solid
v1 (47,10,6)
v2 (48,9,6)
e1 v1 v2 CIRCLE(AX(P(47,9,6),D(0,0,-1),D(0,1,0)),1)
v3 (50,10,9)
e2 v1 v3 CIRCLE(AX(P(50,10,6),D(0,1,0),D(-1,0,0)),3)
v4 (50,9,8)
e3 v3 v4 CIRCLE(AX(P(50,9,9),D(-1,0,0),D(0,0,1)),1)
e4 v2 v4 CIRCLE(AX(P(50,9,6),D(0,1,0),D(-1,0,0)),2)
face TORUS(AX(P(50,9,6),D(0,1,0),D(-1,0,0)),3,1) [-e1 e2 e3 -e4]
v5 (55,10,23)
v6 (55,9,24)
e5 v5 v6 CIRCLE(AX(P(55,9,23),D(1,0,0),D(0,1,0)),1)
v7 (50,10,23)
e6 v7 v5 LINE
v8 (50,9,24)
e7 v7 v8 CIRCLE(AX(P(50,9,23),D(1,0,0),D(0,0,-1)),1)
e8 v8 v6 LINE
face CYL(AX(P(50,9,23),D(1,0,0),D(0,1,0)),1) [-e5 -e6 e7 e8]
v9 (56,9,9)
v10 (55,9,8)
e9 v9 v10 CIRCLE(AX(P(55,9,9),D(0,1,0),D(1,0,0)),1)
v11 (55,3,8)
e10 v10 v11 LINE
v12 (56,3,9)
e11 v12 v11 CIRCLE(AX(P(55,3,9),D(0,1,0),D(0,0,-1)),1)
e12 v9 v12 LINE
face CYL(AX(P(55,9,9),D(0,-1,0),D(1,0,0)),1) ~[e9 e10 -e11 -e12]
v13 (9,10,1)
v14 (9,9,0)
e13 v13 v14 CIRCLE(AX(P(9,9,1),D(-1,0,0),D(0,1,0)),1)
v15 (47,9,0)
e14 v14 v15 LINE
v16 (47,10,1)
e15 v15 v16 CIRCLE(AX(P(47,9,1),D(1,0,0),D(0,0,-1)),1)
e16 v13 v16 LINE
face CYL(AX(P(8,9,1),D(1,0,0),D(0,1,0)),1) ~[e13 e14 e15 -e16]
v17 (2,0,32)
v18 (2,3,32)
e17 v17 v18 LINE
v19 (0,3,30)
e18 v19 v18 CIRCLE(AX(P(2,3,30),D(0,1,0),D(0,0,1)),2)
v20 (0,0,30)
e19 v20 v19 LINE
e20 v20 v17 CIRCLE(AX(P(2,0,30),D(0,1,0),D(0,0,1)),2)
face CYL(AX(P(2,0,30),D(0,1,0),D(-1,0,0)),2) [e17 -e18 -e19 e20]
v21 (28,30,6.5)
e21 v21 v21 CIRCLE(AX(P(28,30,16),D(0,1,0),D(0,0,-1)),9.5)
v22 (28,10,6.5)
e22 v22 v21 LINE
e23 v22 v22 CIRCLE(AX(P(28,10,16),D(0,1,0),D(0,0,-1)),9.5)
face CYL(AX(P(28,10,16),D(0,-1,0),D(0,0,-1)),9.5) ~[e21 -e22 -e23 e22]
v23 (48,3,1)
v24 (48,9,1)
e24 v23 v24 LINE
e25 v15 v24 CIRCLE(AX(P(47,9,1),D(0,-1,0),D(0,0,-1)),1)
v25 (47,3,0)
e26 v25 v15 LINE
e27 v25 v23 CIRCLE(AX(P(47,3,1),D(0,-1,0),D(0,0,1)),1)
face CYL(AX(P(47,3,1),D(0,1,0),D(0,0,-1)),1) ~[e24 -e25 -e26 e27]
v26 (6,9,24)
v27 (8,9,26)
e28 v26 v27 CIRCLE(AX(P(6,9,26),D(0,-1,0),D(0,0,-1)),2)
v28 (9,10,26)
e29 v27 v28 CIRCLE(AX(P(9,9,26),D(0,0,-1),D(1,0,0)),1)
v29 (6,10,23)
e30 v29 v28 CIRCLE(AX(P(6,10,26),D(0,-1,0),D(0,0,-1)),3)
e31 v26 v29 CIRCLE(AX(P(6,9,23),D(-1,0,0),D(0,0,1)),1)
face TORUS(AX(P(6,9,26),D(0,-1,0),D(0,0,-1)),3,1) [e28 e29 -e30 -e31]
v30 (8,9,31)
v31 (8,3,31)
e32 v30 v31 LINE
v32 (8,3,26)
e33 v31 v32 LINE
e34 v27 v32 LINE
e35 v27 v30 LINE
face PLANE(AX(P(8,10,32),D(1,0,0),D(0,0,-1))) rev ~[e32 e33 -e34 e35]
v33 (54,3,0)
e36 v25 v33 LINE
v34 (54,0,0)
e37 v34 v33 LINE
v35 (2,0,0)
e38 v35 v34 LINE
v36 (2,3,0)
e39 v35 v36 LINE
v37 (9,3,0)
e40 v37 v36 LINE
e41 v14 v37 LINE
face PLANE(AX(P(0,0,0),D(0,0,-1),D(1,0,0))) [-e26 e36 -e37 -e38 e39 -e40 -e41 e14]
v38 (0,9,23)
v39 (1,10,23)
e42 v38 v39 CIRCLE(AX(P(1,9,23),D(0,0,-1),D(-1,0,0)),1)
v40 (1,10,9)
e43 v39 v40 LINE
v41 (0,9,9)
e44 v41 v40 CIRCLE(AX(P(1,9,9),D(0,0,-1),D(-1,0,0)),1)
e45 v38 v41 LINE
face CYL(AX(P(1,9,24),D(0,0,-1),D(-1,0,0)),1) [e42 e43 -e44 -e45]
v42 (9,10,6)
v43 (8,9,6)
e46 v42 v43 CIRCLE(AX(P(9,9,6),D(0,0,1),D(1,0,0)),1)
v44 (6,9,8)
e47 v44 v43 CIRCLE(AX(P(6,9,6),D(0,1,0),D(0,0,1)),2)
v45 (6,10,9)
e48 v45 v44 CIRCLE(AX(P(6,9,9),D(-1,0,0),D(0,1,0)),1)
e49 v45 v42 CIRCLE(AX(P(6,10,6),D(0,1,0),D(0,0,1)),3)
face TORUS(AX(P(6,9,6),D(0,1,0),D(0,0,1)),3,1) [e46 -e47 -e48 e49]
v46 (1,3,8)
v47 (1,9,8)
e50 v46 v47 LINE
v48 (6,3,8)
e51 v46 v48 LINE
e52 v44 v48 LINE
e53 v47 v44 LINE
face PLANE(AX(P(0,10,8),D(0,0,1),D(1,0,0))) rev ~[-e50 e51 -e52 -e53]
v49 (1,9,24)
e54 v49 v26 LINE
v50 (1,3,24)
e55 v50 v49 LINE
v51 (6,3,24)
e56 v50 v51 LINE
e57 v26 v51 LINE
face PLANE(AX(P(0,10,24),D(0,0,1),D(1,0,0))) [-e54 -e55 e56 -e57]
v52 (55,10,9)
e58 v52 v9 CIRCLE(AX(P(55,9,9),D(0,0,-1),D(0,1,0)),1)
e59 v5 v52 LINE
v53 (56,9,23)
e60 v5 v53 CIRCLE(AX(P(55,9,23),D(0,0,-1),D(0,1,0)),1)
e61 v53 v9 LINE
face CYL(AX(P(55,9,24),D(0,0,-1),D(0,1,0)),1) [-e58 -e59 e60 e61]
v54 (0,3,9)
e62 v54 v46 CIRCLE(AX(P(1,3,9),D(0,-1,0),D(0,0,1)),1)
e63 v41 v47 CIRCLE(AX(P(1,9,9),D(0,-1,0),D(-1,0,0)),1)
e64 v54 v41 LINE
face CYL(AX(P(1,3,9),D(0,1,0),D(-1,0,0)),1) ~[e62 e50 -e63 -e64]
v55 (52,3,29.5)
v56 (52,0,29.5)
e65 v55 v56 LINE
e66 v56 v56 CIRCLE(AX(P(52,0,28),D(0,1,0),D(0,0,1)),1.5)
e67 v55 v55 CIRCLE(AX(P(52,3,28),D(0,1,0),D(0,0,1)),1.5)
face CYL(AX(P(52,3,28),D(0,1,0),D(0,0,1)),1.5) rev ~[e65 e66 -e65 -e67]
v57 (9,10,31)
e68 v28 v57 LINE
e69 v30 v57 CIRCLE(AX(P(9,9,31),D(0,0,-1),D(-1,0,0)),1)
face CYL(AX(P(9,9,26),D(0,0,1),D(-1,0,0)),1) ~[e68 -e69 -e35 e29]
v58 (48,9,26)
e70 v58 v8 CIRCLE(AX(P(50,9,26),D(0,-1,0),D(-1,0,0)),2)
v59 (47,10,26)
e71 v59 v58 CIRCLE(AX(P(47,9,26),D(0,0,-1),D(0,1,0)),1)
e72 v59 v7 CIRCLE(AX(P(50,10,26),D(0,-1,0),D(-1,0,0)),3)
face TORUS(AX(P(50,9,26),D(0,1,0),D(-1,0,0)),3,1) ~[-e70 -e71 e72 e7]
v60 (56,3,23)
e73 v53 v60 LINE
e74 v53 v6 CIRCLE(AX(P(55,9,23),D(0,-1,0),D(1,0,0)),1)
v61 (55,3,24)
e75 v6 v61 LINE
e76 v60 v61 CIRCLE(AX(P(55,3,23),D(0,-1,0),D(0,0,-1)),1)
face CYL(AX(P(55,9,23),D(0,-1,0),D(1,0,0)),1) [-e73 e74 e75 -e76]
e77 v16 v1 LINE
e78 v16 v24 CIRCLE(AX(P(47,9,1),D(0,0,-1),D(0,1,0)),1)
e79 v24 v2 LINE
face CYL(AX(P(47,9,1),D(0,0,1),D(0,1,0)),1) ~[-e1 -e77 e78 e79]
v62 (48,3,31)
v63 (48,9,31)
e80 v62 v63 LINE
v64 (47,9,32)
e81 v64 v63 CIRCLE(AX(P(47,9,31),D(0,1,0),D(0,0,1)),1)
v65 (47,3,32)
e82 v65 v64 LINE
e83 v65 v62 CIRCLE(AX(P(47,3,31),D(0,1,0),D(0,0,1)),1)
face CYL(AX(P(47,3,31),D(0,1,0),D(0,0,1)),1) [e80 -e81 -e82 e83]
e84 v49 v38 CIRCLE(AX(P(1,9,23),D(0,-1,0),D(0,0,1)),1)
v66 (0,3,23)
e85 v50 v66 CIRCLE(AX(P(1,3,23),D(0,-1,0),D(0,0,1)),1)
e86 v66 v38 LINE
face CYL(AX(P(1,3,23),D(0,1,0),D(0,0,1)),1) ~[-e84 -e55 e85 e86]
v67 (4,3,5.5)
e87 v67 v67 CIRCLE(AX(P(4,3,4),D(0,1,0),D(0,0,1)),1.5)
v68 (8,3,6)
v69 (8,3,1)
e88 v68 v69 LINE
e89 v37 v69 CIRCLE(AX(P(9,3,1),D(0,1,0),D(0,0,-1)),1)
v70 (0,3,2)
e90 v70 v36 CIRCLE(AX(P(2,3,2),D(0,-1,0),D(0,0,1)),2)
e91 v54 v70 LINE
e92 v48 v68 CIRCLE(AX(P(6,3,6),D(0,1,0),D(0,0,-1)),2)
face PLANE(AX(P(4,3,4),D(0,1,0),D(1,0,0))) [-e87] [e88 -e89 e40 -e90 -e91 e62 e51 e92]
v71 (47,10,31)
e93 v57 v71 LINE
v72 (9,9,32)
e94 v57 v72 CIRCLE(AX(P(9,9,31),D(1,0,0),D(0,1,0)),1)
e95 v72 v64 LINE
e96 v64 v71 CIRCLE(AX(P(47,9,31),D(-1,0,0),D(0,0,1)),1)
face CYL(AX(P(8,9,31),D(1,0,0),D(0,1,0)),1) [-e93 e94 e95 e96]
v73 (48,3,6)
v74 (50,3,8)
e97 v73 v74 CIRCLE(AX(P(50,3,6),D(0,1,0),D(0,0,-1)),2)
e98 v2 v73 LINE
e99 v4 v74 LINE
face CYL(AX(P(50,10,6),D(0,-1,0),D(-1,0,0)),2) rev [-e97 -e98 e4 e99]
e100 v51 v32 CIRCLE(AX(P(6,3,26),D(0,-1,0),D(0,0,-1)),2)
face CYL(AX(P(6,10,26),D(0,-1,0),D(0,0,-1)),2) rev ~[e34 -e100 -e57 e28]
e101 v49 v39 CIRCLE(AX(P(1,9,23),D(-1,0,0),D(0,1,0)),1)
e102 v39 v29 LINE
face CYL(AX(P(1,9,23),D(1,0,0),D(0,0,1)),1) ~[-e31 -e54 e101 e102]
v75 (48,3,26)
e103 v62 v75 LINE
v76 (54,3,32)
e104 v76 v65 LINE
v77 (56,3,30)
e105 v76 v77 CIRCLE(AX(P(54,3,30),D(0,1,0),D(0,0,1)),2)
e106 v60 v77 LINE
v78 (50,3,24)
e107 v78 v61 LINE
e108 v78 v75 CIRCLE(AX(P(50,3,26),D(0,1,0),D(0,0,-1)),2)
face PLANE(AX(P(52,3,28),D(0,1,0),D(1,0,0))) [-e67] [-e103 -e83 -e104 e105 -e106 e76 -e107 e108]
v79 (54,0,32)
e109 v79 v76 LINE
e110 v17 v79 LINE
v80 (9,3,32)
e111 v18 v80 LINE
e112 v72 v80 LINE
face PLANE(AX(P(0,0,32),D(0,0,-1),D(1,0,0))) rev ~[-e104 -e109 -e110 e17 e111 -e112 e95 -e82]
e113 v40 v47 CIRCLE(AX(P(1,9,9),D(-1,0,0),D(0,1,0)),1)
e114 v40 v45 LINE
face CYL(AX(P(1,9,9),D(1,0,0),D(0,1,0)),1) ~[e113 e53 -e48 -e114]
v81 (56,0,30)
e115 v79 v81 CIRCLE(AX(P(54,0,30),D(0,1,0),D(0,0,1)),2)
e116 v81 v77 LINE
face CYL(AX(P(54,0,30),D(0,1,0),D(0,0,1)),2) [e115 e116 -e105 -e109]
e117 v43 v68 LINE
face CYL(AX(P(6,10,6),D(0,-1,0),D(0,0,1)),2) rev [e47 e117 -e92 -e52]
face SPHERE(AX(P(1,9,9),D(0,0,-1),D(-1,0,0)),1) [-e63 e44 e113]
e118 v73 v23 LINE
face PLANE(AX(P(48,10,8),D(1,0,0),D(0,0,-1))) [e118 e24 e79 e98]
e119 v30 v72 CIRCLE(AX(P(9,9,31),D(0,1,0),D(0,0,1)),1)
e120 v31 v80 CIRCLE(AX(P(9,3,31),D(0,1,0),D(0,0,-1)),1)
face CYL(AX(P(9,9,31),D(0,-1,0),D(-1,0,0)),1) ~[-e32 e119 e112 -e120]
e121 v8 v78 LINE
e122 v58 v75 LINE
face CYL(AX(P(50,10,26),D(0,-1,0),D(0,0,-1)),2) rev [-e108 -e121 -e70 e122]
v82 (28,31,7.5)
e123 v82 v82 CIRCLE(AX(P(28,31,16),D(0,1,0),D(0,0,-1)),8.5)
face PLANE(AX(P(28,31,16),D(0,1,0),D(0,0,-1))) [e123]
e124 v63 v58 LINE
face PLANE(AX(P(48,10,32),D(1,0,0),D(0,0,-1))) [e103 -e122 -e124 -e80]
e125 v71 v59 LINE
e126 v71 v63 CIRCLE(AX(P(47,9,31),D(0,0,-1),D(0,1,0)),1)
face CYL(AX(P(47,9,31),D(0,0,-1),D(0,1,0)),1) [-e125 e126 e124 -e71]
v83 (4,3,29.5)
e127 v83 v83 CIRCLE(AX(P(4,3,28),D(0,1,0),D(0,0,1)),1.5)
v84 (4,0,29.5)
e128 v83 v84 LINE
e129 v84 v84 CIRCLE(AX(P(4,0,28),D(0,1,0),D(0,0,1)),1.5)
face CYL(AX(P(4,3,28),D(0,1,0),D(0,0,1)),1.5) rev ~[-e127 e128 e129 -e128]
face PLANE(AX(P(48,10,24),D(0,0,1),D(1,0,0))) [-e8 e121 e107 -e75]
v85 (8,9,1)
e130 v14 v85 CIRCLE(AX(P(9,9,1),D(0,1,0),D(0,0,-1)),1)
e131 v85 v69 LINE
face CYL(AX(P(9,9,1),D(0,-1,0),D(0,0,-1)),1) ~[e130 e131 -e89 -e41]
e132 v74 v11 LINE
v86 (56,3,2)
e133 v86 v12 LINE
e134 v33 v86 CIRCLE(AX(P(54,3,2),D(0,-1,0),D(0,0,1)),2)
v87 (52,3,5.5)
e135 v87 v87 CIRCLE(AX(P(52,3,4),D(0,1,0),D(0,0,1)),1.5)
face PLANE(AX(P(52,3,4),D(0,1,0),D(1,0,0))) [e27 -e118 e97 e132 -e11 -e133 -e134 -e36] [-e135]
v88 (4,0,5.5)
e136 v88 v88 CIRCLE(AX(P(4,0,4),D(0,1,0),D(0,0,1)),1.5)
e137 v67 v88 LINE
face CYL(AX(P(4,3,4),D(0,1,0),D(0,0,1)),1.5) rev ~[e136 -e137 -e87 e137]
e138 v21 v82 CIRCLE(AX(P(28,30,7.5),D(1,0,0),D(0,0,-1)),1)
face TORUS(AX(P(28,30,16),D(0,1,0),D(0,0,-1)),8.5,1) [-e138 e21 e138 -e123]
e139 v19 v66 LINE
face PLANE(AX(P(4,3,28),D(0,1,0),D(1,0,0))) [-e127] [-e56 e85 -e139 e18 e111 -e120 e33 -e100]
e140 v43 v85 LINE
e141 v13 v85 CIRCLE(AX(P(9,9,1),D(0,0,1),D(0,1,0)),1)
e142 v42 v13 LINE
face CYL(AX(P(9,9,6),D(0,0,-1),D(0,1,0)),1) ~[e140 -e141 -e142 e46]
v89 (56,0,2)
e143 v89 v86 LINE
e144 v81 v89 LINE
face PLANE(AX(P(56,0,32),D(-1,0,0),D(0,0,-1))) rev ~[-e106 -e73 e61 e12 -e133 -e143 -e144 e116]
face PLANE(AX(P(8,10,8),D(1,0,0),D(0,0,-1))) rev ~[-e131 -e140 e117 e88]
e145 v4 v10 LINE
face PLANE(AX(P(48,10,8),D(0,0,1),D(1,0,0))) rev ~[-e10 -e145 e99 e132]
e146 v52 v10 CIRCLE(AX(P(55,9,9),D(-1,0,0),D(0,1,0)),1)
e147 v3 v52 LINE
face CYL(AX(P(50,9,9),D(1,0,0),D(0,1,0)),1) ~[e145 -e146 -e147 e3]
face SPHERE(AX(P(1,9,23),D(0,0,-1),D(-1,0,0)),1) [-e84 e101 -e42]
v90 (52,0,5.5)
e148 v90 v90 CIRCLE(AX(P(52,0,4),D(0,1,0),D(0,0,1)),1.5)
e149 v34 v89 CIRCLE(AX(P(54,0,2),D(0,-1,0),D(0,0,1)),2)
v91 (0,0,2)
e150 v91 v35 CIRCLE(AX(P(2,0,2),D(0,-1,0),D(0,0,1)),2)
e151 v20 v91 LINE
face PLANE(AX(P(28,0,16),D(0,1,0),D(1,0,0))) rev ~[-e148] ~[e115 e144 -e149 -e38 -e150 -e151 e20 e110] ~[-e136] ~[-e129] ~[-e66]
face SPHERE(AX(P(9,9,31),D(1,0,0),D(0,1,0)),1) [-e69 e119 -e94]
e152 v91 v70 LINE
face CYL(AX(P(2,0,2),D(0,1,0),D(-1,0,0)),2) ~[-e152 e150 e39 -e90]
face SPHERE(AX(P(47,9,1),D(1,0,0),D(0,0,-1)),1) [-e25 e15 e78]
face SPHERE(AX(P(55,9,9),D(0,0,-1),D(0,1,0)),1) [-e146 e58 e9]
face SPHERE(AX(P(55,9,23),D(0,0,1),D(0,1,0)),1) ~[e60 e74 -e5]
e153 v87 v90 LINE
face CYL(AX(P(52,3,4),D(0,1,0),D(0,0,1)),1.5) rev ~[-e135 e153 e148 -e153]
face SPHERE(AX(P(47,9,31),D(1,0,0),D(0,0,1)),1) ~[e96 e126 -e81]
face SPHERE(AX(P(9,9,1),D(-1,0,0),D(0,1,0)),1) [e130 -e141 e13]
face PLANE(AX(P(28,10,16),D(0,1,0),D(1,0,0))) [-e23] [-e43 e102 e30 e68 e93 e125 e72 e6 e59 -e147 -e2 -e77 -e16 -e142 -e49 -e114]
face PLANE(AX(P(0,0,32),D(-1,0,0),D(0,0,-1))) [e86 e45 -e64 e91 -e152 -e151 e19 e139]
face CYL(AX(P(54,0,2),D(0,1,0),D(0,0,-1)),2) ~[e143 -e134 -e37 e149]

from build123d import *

# Parameters (mm, degrees)
CROQUIS1_W              = 56
CROQUIS1_H              = 32
SALIENTE_EXTRUIR1_DEPTH = 10
CROQUIS2_R              = 9.5
SALIENTE_EXTRUIR2_DEPTH = 21
CROQUIS3_W              = 8
CROQUIS3_H              = 8
CORTAR_EXTRUIR1_DEPTH   = 7
CROQUIS4_R              = 1.5
CORTAR_EXTRUIR2_DEPTH   = 71.313583325
REDONDEO1_R             = 2
REDONDEO2_R             = 1
REDONDEO3_R             = 1
REDONDEO4_R             = 1


with BuildPart() as part:
    # Croquis1 → Saliente-Extruir1 (new body)
    with BuildSketch(Plane(origin=(0, 0, 0), x_dir=(1, 0, 0), z_dir=(0, 1, 0))):
        with Locations((28, -16)):
            Rectangle(CROQUIS1_W, CROQUIS1_H)
    extrude(amount=SALIENTE_EXTRUIR1_DEPTH)

    # Croquis2 → Saliente-Extruir2 (add)
    with BuildSketch(Plane(origin=(0, 10, 0), x_dir=(1, 0, 0), z_dir=(0, 1, 0))):
        with Locations(Location((28, -16, 0), (0, 0, 90))):
            Circle(CROQUIS2_R)
    extrude(amount=SALIENTE_EXTRUIR2_DEPTH)

    # Croquis3 → Cortar-Extruir1 (cut)
    with BuildSketch(Plane(origin=(0, 10, 0), x_dir=(1, 0, 0), z_dir=(0, 1, 0))):
        with Locations((52, -28)):
            Rectangle(CROQUIS3_W, CROQUIS3_H)
        with Locations((52, -4)):
            Rectangle(CROQUIS3_W, CROQUIS3_H)
        with Locations((4, -4)):
            Rectangle(CROQUIS3_W, CROQUIS3_H)
        with Locations((4, -28)):
            Rectangle(CROQUIS3_W, CROQUIS3_H)
    extrude(amount=-CORTAR_EXTRUIR1_DEPTH, mode=Mode.SUBTRACT)

    # Croquis4 → Cortar-Extruir2 (cut, through all)
    with BuildSketch(Plane(origin=(0, 3, 0), x_dir=(1, 0, 0), z_dir=(0, 1, 0))):
        with Locations(Location((4, -4, 0), (0, 0, 270))):
            Circle(CROQUIS4_R)
        with Locations(Location((4, -28, 0), (0, 0, 270))):
            Circle(CROQUIS4_R)
        with Locations(Location((52, -28, 0), (0, 0, 270))):
            Circle(CROQUIS4_R)
        with Locations(Location((52, -4, 0), (0, 0, 270))):
            Circle(CROQUIS4_R)
    extrude(amount=-CORTAR_EXTRUIR2_DEPTH, mode=Mode.SUBTRACT)

    # Redondeo1
    redondeo1_edges = [part.edges().sort_by_distance(p)[0] for p in [
        (0, 1.5, 0),
        (56, 1.5, 0),
        (56, 1.5, 32),
        (0, 1.5, 32),
        (8, 6.5, 24),
        (8, 6.5, 8),
        (48, 6.5, 8),
        (48, 6.5, 24),
    ]]
    fillet(redondeo1_edges, radius=REDONDEO1_R)

    # Redondeo2
    redondeo2_edges = [part.edges().sort_by_distance(p)[0] for p in [
        (0, 10, 16),
        (28, 10, 32),
        (56, 10, 16),
        (28, 10, 0),
    ]]
    fillet(redondeo2_edges, radius=REDONDEO2_R)

    # Redondeo3
    redondeo3_edges = [part.edges().sort_by_distance(p)[0] for p in [
        (48, 10, 28.5),
        (8, 10, 3.5),
        (3.5, 10, 24),
        (48.585786438, 10, 7.414213562),
        (48.585786438, 10, 24.585786438),
        (7.414213562, 10, 7.414213562),
        (7.414213562, 10, 24.585786438),
        (8, 10, 28.5),
        (52.5, 10, 24),
        (48, 10, 3.5),
        (3.5, 10, 8),
        (0.292893219, 9.707106781, 24),
        (0.292893219, 9.707106781, 8),
        (8, 9.707106781, 0.292893219),
        (48, 9.707106781, 0.292893219),
        (55.707106781, 9.707106781, 8),
        (55.707106781, 9.707106781, 24),
        (48, 9.707106781, 31.707106781),
        (8, 9.707106781, 31.707106781),
        (8, 6, 32),
        (0, 6, 24),
        (0, 6, 8),
        (8, 6, 0),
        (48, 6, 0),
        (56, 6, 8),
        (48, 6, 32),
        (56, 6, 24),
        (52.5, 10, 8),
    ]]
    fillet(redondeo3_edges, radius=REDONDEO3_R)

    # Redondeo4
    redondeo4_edges = [part.edges().sort_by_distance(p)[0] for p in [
        (28, 31, 25.5),
    ]]
    fillet(redondeo4_edges, radius=REDONDEO4_R)


solid = part.part
